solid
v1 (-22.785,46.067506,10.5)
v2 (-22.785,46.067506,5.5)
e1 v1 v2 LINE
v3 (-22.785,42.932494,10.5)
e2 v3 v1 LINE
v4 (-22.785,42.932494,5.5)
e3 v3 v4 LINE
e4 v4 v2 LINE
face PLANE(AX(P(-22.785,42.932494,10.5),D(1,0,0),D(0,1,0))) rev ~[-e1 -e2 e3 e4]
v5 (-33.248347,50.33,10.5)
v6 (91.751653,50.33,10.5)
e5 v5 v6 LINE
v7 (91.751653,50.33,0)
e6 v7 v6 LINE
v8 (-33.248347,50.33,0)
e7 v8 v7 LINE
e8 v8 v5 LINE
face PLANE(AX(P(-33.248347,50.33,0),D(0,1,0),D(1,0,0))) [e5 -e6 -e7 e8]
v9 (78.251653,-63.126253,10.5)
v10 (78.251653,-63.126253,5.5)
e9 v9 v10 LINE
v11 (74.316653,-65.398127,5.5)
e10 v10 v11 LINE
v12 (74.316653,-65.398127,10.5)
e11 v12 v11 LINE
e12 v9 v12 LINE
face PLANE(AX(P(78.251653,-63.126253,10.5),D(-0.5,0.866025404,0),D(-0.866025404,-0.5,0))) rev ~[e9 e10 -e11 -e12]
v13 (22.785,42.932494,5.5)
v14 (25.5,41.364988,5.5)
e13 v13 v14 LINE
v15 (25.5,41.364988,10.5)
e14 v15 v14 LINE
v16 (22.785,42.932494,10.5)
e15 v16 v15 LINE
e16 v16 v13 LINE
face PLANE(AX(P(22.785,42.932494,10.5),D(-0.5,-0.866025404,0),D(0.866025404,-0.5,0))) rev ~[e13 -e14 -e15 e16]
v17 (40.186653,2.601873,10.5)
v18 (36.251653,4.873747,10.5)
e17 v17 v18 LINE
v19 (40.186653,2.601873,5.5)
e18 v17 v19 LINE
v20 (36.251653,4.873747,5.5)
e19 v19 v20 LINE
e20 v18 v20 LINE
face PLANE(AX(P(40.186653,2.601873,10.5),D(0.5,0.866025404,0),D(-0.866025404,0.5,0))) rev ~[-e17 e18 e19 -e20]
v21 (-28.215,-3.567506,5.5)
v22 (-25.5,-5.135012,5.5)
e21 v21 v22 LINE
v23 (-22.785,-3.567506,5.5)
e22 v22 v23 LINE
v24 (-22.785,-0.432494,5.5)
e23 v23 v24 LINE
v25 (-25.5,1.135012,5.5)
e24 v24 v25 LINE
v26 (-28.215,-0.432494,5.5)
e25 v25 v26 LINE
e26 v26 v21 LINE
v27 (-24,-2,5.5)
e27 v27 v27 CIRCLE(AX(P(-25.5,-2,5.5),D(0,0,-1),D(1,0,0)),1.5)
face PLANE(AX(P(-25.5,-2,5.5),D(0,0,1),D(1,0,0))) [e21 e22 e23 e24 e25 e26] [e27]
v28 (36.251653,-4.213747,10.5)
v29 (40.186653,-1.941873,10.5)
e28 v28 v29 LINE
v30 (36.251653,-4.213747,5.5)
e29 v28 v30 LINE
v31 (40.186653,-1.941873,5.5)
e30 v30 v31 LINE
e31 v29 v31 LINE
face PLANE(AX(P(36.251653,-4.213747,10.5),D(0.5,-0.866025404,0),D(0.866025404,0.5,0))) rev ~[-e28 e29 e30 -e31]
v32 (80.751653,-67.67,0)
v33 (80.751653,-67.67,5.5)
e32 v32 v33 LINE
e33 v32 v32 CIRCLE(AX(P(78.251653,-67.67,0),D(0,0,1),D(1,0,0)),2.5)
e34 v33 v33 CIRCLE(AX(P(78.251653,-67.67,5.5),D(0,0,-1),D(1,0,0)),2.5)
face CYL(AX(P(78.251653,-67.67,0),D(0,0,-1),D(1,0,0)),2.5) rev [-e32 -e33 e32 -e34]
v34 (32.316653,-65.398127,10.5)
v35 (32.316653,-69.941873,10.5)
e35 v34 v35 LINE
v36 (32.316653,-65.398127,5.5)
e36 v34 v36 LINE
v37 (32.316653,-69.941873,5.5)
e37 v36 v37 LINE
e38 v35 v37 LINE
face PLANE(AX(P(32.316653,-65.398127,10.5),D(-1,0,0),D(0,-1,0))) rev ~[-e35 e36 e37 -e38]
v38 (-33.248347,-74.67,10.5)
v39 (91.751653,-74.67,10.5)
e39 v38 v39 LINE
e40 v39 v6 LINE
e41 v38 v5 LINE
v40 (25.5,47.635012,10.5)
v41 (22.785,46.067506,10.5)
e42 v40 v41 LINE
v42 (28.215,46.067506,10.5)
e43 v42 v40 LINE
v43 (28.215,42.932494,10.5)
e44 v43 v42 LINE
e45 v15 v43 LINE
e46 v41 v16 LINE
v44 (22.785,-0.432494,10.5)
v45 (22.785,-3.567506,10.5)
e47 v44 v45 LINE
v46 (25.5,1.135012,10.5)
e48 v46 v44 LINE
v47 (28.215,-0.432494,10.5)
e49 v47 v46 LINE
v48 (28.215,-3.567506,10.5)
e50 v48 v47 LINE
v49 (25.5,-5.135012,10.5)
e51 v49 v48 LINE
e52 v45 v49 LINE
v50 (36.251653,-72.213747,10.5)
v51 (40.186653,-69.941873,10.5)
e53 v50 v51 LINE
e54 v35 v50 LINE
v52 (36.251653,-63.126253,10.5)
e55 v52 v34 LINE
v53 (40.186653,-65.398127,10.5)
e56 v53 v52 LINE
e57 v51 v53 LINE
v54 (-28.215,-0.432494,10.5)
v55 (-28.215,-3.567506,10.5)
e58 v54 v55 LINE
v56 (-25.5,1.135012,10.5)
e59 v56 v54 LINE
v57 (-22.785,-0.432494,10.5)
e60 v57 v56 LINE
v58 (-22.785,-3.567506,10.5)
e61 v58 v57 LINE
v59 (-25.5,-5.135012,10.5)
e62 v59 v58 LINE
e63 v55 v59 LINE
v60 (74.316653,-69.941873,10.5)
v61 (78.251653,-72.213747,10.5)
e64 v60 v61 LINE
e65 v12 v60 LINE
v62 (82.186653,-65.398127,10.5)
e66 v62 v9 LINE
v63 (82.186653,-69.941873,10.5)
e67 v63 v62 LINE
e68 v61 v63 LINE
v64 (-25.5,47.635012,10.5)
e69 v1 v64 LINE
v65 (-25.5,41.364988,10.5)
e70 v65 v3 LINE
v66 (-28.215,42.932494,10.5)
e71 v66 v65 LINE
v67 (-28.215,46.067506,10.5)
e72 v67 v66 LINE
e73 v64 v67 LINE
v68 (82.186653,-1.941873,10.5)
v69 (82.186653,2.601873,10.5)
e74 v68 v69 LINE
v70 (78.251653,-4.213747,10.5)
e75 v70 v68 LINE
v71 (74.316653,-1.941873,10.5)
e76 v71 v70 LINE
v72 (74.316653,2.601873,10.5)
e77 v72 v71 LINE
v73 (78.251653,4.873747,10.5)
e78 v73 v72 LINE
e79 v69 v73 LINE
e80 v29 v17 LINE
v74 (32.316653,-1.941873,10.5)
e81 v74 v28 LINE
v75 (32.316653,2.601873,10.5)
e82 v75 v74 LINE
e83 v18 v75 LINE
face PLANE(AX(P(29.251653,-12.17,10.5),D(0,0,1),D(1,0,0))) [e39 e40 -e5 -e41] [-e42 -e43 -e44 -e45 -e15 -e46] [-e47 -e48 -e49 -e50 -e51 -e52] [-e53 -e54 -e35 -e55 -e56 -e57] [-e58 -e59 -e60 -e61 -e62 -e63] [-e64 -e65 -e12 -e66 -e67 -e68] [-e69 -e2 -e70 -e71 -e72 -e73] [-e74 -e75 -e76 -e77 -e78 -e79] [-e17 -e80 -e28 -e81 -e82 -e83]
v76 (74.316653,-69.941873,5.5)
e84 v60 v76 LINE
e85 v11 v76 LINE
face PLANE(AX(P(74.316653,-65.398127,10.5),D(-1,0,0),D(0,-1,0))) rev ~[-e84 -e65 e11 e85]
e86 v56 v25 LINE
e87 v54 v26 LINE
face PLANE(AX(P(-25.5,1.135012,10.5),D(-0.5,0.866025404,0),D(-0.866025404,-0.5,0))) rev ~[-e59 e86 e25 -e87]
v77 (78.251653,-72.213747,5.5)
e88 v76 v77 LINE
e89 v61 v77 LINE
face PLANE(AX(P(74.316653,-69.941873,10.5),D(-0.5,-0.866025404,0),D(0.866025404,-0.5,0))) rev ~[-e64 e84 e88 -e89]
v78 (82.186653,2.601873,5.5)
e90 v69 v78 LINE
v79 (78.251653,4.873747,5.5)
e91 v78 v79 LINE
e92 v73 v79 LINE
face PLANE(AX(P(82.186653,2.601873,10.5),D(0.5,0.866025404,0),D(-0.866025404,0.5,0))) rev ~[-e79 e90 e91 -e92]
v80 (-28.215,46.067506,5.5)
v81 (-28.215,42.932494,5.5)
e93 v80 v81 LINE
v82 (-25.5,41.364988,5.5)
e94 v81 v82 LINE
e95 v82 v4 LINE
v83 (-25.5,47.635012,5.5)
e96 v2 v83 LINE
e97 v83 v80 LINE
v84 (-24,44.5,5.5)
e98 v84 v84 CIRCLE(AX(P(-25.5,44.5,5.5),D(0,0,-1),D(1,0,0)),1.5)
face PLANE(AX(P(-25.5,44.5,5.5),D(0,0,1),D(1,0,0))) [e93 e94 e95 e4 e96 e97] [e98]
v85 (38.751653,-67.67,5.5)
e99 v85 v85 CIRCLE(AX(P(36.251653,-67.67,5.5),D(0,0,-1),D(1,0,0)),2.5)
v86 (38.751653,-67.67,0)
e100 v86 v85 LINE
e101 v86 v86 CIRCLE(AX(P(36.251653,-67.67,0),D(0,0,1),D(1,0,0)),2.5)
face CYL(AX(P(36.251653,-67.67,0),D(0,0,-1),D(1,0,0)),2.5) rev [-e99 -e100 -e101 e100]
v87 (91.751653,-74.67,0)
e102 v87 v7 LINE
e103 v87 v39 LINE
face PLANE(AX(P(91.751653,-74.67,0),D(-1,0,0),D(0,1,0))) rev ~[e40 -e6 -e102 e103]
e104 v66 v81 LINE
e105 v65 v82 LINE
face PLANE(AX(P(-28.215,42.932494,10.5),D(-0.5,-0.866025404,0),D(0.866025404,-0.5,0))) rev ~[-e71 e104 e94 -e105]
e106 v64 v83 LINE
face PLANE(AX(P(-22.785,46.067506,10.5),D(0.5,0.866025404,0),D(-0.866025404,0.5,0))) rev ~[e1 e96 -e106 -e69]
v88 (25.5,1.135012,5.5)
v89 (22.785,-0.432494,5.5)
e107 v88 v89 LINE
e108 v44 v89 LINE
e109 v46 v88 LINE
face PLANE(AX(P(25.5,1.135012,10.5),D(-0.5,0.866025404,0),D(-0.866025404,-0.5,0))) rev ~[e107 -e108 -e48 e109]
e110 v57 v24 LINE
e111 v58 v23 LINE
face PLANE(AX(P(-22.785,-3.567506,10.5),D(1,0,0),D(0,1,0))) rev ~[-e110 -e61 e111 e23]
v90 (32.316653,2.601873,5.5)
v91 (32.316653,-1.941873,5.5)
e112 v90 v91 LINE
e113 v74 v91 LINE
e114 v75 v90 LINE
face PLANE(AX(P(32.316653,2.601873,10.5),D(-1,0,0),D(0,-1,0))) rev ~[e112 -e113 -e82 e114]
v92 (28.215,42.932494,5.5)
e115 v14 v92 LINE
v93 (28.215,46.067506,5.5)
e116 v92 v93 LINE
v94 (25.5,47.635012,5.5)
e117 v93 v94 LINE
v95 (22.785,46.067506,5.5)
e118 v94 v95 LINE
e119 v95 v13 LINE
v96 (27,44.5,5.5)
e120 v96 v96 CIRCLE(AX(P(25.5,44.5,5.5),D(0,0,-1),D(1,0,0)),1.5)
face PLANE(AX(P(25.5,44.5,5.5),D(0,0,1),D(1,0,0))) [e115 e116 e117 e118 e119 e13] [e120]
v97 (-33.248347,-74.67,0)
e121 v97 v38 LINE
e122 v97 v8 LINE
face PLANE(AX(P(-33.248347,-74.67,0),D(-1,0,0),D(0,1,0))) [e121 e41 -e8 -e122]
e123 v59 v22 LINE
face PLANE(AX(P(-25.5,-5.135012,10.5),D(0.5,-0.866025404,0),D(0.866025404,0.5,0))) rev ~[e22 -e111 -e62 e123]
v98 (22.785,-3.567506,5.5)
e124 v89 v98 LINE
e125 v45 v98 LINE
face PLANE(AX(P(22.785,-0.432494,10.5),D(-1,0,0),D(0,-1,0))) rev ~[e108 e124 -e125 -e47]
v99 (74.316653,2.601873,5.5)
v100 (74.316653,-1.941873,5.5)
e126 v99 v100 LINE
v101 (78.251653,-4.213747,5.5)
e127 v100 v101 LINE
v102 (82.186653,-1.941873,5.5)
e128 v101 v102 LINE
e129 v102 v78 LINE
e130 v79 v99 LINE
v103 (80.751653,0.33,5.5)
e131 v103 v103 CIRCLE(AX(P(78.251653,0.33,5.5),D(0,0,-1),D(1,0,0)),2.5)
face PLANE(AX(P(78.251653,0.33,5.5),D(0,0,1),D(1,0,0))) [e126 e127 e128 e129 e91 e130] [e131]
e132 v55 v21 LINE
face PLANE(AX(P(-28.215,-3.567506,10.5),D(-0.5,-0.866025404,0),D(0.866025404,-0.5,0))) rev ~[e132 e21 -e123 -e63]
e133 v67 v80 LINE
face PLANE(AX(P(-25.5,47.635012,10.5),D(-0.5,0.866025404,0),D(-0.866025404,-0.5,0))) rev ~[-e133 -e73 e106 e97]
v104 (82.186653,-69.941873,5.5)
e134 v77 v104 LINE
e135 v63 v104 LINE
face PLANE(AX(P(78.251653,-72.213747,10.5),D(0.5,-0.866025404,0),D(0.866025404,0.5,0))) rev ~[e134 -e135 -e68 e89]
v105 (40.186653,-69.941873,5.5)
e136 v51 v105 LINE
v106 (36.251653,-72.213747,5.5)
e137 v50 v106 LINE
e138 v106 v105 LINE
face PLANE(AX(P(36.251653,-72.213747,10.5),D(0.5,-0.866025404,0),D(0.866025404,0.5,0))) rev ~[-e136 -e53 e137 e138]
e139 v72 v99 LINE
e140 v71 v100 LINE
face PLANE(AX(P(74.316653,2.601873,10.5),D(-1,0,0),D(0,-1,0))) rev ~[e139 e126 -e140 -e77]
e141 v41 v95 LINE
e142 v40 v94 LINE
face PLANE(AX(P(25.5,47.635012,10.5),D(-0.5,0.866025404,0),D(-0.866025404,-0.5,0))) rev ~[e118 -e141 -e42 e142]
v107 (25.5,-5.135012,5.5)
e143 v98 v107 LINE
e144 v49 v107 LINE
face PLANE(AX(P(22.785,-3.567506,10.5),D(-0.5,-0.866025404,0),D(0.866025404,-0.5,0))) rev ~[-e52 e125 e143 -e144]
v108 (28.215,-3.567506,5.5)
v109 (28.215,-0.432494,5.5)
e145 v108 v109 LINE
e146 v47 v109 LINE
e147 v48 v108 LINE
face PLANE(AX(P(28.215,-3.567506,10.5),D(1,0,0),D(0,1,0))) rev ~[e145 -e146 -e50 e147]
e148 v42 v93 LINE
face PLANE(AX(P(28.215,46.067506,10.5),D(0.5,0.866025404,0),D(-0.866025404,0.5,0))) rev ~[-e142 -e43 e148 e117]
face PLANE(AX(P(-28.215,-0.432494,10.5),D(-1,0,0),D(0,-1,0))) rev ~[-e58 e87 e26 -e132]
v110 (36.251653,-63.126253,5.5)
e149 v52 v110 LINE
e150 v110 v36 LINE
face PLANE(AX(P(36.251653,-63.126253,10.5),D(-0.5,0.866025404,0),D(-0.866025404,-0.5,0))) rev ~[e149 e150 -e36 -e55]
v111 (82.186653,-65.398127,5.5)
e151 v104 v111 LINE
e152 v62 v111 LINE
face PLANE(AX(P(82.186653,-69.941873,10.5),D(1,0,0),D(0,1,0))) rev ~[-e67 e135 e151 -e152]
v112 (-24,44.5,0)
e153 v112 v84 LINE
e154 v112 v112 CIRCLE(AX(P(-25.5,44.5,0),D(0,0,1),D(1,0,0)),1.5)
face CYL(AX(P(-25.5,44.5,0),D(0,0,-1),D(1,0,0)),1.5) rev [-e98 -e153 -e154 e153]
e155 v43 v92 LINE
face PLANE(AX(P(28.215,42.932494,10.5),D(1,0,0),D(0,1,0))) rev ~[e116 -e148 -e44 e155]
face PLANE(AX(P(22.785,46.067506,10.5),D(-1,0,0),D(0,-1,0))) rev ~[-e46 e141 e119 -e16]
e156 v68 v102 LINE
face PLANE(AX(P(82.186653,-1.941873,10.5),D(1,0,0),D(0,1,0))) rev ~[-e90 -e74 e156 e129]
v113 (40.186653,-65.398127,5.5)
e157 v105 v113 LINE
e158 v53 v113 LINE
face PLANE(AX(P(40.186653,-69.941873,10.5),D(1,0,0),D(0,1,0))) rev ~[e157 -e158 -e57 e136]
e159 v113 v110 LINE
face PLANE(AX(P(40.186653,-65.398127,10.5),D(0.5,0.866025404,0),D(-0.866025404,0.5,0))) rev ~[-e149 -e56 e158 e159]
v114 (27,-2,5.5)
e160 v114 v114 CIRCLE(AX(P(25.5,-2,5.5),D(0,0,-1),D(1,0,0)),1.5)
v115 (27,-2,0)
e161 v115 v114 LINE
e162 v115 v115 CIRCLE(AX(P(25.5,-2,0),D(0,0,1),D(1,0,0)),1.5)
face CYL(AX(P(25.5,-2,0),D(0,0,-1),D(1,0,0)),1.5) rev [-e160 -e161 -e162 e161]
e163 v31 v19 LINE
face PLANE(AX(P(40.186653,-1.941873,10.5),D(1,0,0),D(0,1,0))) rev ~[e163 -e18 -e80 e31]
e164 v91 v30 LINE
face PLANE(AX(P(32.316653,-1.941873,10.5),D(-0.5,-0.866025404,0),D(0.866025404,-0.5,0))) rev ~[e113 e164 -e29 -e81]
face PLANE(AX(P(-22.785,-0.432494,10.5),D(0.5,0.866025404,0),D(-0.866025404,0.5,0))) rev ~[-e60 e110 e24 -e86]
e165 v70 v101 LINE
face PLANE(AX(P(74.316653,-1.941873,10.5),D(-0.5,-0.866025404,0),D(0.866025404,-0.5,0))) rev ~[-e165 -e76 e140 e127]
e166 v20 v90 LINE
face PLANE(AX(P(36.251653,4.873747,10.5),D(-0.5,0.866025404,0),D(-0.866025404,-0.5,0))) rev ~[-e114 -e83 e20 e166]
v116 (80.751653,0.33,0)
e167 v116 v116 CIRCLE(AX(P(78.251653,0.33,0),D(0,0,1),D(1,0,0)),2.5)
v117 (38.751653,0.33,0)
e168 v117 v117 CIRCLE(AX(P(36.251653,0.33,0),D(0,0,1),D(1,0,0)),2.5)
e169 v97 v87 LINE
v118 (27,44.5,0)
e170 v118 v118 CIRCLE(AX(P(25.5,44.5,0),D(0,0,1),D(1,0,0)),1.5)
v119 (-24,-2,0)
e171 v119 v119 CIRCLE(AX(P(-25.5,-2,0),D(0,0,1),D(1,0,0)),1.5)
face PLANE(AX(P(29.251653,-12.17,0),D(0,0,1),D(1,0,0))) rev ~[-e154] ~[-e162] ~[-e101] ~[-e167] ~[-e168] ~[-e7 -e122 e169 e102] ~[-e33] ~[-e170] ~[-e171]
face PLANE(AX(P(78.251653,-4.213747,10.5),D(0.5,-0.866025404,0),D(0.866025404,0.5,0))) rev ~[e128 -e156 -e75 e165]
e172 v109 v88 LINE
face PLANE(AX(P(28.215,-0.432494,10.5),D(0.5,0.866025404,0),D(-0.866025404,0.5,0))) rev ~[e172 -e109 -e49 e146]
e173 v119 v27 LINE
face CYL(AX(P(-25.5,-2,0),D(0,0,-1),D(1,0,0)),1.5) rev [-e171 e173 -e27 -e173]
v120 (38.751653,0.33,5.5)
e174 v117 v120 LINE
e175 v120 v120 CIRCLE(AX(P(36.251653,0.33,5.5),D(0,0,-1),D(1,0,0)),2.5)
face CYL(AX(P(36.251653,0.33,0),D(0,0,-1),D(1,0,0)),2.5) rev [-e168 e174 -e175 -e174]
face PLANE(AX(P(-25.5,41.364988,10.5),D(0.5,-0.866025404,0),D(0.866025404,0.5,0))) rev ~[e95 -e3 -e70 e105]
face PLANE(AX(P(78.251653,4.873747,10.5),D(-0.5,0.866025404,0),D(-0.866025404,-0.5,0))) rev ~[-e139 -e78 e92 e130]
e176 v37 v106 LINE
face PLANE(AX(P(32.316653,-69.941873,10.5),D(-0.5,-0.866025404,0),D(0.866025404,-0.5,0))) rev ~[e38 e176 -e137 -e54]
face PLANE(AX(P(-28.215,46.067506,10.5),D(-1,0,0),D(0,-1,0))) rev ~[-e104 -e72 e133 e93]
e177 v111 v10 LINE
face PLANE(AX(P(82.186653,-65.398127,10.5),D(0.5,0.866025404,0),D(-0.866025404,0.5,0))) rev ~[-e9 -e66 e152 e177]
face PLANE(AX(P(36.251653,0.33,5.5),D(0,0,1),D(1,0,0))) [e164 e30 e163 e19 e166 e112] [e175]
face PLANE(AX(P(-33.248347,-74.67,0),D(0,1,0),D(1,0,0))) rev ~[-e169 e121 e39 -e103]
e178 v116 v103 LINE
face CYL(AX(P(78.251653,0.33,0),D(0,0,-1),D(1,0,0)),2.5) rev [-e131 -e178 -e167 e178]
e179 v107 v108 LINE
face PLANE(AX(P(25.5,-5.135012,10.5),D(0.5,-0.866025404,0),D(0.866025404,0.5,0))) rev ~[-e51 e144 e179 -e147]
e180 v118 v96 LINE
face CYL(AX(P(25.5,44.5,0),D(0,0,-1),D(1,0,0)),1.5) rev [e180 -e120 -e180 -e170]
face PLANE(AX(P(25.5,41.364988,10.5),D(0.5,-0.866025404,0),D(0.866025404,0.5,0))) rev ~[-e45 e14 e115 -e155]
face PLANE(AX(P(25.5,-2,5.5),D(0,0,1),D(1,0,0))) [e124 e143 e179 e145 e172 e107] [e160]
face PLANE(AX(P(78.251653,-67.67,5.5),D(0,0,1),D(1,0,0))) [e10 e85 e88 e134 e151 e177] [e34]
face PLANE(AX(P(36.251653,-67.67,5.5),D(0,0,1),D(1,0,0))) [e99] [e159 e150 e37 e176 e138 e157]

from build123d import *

# Parameters (mm, degrees)
SKETCH2_W           = 125
SKETCH2_H           = 125
SKETCH2_R           = 1.5
SKETCH2_R_2         = 2.5
BOSS_EXTRUDE1_DEPTH = 10.5
CUT_EXTRUDE1_DEPTH  = 5


with BuildPart() as part:
    # Sketch2 → Boss-Extrude1 (new body)
    with BuildSketch(Plane.XY):
        with Locations((29.251653193, -12.17)):
            Rectangle(SKETCH2_W, SKETCH2_H)
        with Locations((-25.5, -2)):
            Circle(SKETCH2_R, mode=Mode.SUBTRACT)
        with Locations((25.5, -2)):
            Circle(SKETCH2_R, mode=Mode.SUBTRACT)
        with Locations((78.251653193, 0.33)):
            Circle(SKETCH2_R_2, mode=Mode.SUBTRACT)
        with Locations((36.251653193, 0.33)):
            Circle(SKETCH2_R_2, mode=Mode.SUBTRACT)
        with Locations((36.251653193, -67.67)):
            Circle(SKETCH2_R_2, mode=Mode.SUBTRACT)
        with Locations((78.251653193, -67.67)):
            Circle(SKETCH2_R_2, mode=Mode.SUBTRACT)
        with Locations((25.5, 44.5)):
            Circle(SKETCH2_R, mode=Mode.SUBTRACT)
        with Locations((-25.5, 44.5)):
            Circle(SKETCH2_R, mode=Mode.SUBTRACT)
    extrude(amount=BOSS_EXTRUDE1_DEPTH)

    # Sketch3 → Cut-Extrude1 (cut)
    with BuildSketch(Plane.XY.offset(10.5)):
        Polygon((74.316653193, -69.941873309), (78.251653193, -72.213746619), (82.186653193, -69.941873309), (82.186653193, -65.398126691), (78.251653193, -63.126253381), (74.316653193, -65.398126691), align=None)
        Polygon((36.251653193, -72.213746619), (40.186653193, -69.941873309), (40.186653193, -65.398126691), (36.251653193, -63.126253381), (32.316653193, -65.398126691), (32.316653193, -69.941873309), align=None)
        Polygon((36.251653193, -4.213746619), (40.186653193, -1.941873309), (40.186653193, 2.601873309), (36.251653193, 4.873746619), (32.316653193, 2.601873309), (32.316653193, -1.941873309), align=None)
        Polygon((78.251653193, -4.213746619), (82.186653193, -1.941873309), (82.186653193, 2.601873309), (78.251653193, 4.873746619), (74.316653193, 2.601873309), (74.316653193, -1.941873309), align=None)
        Polygon((22.785, -3.567505981), (25.5, -5.135011962), (28.215, -3.567505981), (28.215, -0.432494019), (25.5, 1.135011962), (22.785, -0.432494019), align=None)
        Polygon((-28.215, -3.567505981), (-25.5, -5.135011962), (-22.785, -3.567505981), (-22.785, -0.432494019), (-25.5, 1.135011962), (-28.215, -0.432494019), align=None)
        Polygon((22.785, 42.932494019), (25.5, 41.364988038), (28.215, 42.932494019), (28.215, 46.067505981), (25.5, 47.635011962), (22.785, 46.067505981), align=None)
        Polygon((-28.215, 42.932494019), (-25.5, 41.364988038), (-22.785, 42.932494019), (-22.785, 46.067505981), (-25.5, 47.635011962), (-28.215, 46.067505981), align=None)
    extrude(amount=-CUT_EXTRUDE1_DEPTH, mode=Mode.SUBTRACT)


solid = part.part
